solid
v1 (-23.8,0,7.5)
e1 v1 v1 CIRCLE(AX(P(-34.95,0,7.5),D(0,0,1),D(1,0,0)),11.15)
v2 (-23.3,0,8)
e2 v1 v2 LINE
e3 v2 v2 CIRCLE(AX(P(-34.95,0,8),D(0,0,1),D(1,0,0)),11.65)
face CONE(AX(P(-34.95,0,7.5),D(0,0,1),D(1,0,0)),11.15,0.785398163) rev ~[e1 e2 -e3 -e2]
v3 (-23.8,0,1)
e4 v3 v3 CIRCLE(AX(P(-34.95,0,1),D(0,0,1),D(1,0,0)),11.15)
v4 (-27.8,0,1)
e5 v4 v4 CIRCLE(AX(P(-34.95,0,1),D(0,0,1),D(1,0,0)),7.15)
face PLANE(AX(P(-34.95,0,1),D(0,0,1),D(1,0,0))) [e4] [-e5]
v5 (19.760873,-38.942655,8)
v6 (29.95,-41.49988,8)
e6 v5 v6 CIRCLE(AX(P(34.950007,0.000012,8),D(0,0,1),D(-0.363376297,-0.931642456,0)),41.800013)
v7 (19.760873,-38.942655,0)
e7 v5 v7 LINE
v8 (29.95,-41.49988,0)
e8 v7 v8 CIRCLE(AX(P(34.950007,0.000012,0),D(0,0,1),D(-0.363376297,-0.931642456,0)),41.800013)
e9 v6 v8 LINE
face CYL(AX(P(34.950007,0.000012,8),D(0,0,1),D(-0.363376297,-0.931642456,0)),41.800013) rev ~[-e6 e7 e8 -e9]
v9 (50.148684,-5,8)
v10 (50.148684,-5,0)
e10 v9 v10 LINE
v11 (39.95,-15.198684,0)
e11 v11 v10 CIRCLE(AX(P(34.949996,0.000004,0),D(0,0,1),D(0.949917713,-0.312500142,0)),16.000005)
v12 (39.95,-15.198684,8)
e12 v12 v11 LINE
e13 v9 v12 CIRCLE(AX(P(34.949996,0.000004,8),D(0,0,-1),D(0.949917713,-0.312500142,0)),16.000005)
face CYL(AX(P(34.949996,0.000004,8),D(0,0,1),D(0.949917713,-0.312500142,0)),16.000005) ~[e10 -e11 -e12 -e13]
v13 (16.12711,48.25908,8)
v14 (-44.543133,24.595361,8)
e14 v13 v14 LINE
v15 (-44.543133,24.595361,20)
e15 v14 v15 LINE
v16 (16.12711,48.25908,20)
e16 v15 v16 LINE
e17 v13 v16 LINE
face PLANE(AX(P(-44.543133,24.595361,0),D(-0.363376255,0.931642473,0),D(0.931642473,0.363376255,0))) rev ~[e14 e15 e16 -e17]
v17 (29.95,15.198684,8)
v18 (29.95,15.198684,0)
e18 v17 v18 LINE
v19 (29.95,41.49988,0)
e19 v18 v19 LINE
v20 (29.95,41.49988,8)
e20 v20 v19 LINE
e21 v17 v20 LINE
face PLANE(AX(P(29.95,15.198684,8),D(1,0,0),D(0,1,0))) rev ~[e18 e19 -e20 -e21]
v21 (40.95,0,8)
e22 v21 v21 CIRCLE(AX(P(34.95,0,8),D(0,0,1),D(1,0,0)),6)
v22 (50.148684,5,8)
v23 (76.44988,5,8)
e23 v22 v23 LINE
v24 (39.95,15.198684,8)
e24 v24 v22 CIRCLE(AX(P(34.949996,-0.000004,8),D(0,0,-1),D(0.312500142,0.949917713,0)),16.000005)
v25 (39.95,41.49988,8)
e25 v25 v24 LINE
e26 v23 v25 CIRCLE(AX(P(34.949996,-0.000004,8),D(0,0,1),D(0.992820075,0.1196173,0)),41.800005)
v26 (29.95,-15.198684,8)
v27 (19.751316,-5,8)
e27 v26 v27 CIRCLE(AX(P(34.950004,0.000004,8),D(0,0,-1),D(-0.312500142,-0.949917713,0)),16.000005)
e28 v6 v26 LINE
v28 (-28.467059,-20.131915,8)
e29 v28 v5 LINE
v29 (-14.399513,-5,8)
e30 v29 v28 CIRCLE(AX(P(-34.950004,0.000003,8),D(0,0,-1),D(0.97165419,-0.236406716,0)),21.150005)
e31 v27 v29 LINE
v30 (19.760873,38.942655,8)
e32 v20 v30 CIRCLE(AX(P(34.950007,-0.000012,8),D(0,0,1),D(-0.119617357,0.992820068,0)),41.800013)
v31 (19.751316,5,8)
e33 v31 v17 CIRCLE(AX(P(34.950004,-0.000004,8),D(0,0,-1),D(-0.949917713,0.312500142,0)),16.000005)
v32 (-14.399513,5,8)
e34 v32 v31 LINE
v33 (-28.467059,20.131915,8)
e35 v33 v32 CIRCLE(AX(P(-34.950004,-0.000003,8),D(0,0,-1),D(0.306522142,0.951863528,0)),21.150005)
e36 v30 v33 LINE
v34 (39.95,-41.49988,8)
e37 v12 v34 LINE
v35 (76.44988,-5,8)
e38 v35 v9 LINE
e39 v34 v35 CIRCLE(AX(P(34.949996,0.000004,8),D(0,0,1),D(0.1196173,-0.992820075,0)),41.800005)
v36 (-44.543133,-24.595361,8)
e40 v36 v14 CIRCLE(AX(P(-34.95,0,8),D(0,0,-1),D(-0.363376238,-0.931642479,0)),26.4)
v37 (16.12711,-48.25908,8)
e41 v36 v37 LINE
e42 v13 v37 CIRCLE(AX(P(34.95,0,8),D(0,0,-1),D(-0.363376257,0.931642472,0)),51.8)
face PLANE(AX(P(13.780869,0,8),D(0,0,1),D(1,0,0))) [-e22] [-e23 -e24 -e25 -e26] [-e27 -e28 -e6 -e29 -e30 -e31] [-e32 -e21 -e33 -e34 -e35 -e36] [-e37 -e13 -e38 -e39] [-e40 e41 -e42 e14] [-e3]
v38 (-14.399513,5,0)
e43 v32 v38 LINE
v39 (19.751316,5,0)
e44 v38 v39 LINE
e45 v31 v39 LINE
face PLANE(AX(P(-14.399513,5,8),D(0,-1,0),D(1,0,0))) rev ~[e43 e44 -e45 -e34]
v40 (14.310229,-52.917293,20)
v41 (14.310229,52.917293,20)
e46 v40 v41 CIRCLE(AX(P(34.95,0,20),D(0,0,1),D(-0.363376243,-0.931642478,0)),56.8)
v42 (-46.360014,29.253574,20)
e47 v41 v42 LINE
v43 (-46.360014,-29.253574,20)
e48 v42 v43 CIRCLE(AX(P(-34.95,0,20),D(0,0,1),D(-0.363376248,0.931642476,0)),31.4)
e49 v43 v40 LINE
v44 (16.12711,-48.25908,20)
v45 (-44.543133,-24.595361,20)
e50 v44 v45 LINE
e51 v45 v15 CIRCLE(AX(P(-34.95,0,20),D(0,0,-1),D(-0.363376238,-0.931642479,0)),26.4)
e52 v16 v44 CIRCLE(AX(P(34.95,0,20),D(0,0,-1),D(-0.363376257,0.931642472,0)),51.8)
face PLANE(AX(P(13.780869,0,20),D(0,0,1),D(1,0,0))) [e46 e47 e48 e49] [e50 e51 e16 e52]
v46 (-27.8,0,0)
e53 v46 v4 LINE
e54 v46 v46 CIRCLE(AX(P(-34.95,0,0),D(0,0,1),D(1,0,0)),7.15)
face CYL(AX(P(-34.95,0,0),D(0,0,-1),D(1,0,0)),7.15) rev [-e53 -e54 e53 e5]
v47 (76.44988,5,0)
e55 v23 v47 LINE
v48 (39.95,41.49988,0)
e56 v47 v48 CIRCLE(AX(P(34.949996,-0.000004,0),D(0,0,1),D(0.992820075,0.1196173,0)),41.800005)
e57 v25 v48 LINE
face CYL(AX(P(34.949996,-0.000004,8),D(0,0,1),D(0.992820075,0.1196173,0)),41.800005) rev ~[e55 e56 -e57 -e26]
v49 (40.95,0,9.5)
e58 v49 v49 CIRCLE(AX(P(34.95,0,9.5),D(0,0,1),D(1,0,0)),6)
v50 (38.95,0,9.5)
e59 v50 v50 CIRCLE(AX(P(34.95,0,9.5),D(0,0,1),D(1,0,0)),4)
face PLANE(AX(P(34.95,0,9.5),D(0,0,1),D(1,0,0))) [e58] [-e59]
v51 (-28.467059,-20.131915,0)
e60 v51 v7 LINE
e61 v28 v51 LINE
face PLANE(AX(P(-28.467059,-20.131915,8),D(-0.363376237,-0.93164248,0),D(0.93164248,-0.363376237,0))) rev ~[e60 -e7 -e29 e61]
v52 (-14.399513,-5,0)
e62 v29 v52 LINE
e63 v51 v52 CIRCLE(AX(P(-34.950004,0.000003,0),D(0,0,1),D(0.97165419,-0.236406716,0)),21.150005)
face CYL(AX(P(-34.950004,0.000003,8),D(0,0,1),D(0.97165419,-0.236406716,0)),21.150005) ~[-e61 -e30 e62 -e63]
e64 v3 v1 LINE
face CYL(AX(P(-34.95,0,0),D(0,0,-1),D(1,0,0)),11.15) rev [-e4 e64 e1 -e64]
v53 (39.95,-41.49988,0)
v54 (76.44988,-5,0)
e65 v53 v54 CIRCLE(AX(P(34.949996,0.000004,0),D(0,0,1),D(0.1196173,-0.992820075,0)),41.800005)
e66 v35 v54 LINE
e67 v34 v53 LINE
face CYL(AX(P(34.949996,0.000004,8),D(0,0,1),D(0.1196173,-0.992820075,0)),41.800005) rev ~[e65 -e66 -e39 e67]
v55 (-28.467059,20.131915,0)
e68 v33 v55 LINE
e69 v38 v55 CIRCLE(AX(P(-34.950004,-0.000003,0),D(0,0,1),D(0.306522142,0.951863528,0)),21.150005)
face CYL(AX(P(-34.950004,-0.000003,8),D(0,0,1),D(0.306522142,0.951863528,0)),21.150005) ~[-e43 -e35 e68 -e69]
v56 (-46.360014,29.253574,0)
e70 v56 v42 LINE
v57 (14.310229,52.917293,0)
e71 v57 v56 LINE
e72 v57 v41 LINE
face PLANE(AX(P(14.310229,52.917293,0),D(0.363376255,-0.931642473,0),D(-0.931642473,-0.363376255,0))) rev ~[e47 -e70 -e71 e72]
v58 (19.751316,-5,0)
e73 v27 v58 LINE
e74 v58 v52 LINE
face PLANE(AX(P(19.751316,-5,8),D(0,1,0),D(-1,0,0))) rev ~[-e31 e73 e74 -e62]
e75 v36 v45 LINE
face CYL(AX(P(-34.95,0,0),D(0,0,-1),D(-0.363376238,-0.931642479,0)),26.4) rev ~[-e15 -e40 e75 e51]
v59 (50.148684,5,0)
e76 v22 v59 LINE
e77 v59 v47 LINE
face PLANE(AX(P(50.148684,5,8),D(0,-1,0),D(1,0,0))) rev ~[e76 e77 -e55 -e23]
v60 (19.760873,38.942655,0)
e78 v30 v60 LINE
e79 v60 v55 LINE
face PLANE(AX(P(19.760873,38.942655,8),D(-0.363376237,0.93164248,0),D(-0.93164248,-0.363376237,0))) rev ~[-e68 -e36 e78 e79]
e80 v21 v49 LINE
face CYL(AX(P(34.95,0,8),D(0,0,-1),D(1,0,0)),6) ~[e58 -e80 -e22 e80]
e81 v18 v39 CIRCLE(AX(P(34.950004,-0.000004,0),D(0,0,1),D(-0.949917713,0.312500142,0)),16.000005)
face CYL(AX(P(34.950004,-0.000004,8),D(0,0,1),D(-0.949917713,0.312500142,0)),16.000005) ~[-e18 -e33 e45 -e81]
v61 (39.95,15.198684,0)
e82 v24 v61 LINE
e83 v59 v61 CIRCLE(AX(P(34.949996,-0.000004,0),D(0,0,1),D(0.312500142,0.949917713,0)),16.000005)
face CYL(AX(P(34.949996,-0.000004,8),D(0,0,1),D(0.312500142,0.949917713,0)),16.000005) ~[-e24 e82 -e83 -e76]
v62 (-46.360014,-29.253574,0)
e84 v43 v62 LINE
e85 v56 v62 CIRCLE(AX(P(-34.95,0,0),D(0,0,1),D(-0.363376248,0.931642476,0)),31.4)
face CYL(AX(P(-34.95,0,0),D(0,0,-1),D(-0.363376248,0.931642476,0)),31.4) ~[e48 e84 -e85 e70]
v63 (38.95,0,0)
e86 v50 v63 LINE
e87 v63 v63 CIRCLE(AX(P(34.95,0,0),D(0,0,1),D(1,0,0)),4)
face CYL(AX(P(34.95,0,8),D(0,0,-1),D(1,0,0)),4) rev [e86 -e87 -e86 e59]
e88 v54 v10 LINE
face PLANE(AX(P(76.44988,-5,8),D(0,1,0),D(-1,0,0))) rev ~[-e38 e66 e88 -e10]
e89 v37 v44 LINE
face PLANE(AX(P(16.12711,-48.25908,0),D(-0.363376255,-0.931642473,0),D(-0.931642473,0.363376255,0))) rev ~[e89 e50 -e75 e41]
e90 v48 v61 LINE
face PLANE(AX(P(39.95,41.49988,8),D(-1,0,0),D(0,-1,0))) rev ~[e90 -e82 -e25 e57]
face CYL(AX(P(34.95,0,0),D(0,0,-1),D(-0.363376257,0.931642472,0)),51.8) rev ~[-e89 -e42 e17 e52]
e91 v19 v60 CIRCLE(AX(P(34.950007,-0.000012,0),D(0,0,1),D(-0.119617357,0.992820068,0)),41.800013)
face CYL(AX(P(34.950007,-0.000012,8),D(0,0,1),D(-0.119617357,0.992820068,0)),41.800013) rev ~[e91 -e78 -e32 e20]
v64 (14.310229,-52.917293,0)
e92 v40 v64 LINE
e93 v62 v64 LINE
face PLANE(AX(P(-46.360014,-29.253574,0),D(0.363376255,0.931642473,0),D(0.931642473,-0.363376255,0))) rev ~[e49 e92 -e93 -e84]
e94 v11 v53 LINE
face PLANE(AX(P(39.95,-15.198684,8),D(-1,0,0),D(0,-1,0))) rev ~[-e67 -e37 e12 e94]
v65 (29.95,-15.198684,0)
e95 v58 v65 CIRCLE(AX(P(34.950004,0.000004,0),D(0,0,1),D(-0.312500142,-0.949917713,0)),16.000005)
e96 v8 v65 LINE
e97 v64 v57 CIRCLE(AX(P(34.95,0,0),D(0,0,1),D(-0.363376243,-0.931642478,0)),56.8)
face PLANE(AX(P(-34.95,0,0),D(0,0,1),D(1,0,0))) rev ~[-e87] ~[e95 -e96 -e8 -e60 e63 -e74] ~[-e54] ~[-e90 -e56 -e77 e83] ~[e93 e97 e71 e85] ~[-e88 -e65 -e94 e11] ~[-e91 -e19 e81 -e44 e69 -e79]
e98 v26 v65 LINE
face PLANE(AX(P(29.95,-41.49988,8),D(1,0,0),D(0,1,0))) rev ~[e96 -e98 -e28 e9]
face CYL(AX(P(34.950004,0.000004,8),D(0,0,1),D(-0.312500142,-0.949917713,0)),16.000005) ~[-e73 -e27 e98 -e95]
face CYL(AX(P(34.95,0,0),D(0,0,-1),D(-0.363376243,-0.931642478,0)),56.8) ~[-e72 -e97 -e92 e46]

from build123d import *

# Parameters (mm, degrees)
F0_R     = 11.15
F0_R_2   = 4
F1_DEPTH = 8
F0_R_3   = 7.15
F2_DEPTH = 1
F3_SIZE  = 0.5
F4_R     = 6
F4_R_2   = 4
F5_DEPTH = 1.5
F6_DEPTH = 20
F8_DEPTH = 25


with BuildPart() as f1:
    # F0 (on Top) → F1 (new body)
    with BuildSketch(Plane.XY):
        with BuildLine():
            ThreePointArc((14.310229, -52.917293), (91.75, 0), (14.310229, 52.917293))
            Line((14.310229, 52.917293), (-46.360014, 29.253574))
            ThreePointArc((-46.360014, 29.253574), (-66.35, 0), (-46.360014, -29.253574))
            Line((-46.360014, -29.253574), (14.310229, -52.917293))
        make_face()
        with BuildLine():
            Line((-44.543133, 24.595361), (16.12711, 48.25908))
            ThreePointArc((16.12711, 48.25908), (86.75, 0), (16.12711, -48.25908))
            Line((16.12711, -48.25908), (-44.543133, -24.595361))
            ThreePointArc((-44.543133, -24.595361), (-61.35, 0), (-44.543133, 24.595361))
        make_face(mode=Mode.SUBTRACT)
        with BuildLine():
            ThreePointArc((16.12711, -48.25908), (86.75, 0), (16.12711, 48.25908))
            Line((16.12711, 48.25908), (-44.543133, 24.595361))
            ThreePointArc((-44.543133, 24.595361), (-61.35, 0), (-44.543133, -24.595361))
            Line((-44.543133, -24.595361), (16.12711, -48.25908))
        make_face()
        with Locations((-34.95, 0)):
            Circle(F0_R, mode=Mode.SUBTRACT)
        with Locations((34.95, 0)):
            Circle(F0_R_2, mode=Mode.SUBTRACT)
    extrude(amount=F1_DEPTH)

    # F0 (on Top) → F2 (join)
    with BuildSketch(Plane.XY):
        with Locations((-34.95, 0)):
            Circle(F0_R)
        with Locations((-34.95, 0)):
            Circle(F0_R_3, mode=Mode.SUBTRACT)
    extrude(amount=F2_DEPTH)

    # F3
    f3_edges = [f1.edges().sort_by_distance(p)[0] for p in [
        (-46.1, 0, 8),
    ]]
    chamfer(f3_edges, length=F3_SIZE)

    # F4 (on face) → F5 (join)
    with BuildSketch(Plane.XY.offset(8)):
        with Locations((34.95, 0)):
            Circle(F4_R)
        with Locations((34.95, 0)):
            Circle(F4_R_2, mode=Mode.SUBTRACT)
    extrude(amount=F5_DEPTH)

    # F0 (on Top) → F6 (join)
    with BuildSketch(Plane.XY):
        with BuildLine():
            ThreePointArc((14.310229, -52.917293), (91.75, 0), (14.310229, 52.917293))
            Line((14.310229, 52.917293), (-46.360014, 29.253574))
            ThreePointArc((-46.360014, 29.253574), (-66.35, 0), (-46.360014, -29.253574))
            Line((-46.360014, -29.253574), (14.310229, -52.917293))
        make_face()
        with BuildLine():
            Line((-44.543133, 24.595361), (16.12711, 48.25908))
            ThreePointArc((16.12711, 48.25908), (86.75, 0), (16.12711, -48.25908))
            Line((16.12711, -48.25908), (-44.543133, -24.595361))
            ThreePointArc((-44.543133, -24.595361), (-61.35, 0), (-44.543133, 24.595361))
        make_face(mode=Mode.SUBTRACT)
    extrude(amount=F6_DEPTH)

    # F7 (on face) → F8 (cut)
    with BuildSketch(Plane.XY.offset(8)):
        with BuildLine():
            ThreePointArc((29.95, 41.49988), (24.774782, 40.542631), (19.760873, 38.942655))
            Line((19.760873, 38.942655), (-28.467059, 20.131915))
            ThreePointArc((-28.467059, 20.131915), (-19.459834, 14.400599), (-14.399513, 5))
            Line((-14.399513, 5), (19.751316, 5))
            ThreePointArc((19.751316, 5), (23.636292, 11.313708), (29.95, 15.198684))
            Line((29.95, 15.198684), (29.95, 41.49988))
        make_face()
        with BuildLine():
            ThreePointArc((76.44988, 5), (64.507063, 29.557063), (39.95, 41.49988))
            Line((39.95, 41.49988), (39.95, 15.198684))
            ThreePointArc((39.95, 15.198684), (46.263708, 11.313708), (50.148684, 5))
            Line((50.148684, 5), (76.44988, 5))
        make_face()
        with BuildLine():
            Line((19.751316, -5), (-14.399513, -5))
            ThreePointArc((-14.399513, -5), (-19.459834, -14.400599), (-28.467059, -20.131915))
            Line((-28.467059, -20.131915), (19.760873, -38.942655))
            ThreePointArc((19.760873, -38.942655), (24.774782, -40.542631), (29.95, -41.49988))
            Line((29.95, -41.49988), (29.95, -15.198684))
            ThreePointArc((29.95, -15.198684), (23.636292, -11.313708), (19.751316, -5))
        make_face()
        with BuildLine():
            ThreePointArc((39.95, -41.49988), (64.507063, -29.557063), (76.44988, -5))
            Line((76.44988, -5), (50.148684, -5))
            ThreePointArc((50.148684, -5), (46.263708, -11.313708), (39.95, -15.198684))
            Line((39.95, -15.198684), (39.95, -41.49988))
        make_face()
    extrude(amount=-F8_DEPTH, mode=Mode.SUBTRACT)


solid = f1.part
